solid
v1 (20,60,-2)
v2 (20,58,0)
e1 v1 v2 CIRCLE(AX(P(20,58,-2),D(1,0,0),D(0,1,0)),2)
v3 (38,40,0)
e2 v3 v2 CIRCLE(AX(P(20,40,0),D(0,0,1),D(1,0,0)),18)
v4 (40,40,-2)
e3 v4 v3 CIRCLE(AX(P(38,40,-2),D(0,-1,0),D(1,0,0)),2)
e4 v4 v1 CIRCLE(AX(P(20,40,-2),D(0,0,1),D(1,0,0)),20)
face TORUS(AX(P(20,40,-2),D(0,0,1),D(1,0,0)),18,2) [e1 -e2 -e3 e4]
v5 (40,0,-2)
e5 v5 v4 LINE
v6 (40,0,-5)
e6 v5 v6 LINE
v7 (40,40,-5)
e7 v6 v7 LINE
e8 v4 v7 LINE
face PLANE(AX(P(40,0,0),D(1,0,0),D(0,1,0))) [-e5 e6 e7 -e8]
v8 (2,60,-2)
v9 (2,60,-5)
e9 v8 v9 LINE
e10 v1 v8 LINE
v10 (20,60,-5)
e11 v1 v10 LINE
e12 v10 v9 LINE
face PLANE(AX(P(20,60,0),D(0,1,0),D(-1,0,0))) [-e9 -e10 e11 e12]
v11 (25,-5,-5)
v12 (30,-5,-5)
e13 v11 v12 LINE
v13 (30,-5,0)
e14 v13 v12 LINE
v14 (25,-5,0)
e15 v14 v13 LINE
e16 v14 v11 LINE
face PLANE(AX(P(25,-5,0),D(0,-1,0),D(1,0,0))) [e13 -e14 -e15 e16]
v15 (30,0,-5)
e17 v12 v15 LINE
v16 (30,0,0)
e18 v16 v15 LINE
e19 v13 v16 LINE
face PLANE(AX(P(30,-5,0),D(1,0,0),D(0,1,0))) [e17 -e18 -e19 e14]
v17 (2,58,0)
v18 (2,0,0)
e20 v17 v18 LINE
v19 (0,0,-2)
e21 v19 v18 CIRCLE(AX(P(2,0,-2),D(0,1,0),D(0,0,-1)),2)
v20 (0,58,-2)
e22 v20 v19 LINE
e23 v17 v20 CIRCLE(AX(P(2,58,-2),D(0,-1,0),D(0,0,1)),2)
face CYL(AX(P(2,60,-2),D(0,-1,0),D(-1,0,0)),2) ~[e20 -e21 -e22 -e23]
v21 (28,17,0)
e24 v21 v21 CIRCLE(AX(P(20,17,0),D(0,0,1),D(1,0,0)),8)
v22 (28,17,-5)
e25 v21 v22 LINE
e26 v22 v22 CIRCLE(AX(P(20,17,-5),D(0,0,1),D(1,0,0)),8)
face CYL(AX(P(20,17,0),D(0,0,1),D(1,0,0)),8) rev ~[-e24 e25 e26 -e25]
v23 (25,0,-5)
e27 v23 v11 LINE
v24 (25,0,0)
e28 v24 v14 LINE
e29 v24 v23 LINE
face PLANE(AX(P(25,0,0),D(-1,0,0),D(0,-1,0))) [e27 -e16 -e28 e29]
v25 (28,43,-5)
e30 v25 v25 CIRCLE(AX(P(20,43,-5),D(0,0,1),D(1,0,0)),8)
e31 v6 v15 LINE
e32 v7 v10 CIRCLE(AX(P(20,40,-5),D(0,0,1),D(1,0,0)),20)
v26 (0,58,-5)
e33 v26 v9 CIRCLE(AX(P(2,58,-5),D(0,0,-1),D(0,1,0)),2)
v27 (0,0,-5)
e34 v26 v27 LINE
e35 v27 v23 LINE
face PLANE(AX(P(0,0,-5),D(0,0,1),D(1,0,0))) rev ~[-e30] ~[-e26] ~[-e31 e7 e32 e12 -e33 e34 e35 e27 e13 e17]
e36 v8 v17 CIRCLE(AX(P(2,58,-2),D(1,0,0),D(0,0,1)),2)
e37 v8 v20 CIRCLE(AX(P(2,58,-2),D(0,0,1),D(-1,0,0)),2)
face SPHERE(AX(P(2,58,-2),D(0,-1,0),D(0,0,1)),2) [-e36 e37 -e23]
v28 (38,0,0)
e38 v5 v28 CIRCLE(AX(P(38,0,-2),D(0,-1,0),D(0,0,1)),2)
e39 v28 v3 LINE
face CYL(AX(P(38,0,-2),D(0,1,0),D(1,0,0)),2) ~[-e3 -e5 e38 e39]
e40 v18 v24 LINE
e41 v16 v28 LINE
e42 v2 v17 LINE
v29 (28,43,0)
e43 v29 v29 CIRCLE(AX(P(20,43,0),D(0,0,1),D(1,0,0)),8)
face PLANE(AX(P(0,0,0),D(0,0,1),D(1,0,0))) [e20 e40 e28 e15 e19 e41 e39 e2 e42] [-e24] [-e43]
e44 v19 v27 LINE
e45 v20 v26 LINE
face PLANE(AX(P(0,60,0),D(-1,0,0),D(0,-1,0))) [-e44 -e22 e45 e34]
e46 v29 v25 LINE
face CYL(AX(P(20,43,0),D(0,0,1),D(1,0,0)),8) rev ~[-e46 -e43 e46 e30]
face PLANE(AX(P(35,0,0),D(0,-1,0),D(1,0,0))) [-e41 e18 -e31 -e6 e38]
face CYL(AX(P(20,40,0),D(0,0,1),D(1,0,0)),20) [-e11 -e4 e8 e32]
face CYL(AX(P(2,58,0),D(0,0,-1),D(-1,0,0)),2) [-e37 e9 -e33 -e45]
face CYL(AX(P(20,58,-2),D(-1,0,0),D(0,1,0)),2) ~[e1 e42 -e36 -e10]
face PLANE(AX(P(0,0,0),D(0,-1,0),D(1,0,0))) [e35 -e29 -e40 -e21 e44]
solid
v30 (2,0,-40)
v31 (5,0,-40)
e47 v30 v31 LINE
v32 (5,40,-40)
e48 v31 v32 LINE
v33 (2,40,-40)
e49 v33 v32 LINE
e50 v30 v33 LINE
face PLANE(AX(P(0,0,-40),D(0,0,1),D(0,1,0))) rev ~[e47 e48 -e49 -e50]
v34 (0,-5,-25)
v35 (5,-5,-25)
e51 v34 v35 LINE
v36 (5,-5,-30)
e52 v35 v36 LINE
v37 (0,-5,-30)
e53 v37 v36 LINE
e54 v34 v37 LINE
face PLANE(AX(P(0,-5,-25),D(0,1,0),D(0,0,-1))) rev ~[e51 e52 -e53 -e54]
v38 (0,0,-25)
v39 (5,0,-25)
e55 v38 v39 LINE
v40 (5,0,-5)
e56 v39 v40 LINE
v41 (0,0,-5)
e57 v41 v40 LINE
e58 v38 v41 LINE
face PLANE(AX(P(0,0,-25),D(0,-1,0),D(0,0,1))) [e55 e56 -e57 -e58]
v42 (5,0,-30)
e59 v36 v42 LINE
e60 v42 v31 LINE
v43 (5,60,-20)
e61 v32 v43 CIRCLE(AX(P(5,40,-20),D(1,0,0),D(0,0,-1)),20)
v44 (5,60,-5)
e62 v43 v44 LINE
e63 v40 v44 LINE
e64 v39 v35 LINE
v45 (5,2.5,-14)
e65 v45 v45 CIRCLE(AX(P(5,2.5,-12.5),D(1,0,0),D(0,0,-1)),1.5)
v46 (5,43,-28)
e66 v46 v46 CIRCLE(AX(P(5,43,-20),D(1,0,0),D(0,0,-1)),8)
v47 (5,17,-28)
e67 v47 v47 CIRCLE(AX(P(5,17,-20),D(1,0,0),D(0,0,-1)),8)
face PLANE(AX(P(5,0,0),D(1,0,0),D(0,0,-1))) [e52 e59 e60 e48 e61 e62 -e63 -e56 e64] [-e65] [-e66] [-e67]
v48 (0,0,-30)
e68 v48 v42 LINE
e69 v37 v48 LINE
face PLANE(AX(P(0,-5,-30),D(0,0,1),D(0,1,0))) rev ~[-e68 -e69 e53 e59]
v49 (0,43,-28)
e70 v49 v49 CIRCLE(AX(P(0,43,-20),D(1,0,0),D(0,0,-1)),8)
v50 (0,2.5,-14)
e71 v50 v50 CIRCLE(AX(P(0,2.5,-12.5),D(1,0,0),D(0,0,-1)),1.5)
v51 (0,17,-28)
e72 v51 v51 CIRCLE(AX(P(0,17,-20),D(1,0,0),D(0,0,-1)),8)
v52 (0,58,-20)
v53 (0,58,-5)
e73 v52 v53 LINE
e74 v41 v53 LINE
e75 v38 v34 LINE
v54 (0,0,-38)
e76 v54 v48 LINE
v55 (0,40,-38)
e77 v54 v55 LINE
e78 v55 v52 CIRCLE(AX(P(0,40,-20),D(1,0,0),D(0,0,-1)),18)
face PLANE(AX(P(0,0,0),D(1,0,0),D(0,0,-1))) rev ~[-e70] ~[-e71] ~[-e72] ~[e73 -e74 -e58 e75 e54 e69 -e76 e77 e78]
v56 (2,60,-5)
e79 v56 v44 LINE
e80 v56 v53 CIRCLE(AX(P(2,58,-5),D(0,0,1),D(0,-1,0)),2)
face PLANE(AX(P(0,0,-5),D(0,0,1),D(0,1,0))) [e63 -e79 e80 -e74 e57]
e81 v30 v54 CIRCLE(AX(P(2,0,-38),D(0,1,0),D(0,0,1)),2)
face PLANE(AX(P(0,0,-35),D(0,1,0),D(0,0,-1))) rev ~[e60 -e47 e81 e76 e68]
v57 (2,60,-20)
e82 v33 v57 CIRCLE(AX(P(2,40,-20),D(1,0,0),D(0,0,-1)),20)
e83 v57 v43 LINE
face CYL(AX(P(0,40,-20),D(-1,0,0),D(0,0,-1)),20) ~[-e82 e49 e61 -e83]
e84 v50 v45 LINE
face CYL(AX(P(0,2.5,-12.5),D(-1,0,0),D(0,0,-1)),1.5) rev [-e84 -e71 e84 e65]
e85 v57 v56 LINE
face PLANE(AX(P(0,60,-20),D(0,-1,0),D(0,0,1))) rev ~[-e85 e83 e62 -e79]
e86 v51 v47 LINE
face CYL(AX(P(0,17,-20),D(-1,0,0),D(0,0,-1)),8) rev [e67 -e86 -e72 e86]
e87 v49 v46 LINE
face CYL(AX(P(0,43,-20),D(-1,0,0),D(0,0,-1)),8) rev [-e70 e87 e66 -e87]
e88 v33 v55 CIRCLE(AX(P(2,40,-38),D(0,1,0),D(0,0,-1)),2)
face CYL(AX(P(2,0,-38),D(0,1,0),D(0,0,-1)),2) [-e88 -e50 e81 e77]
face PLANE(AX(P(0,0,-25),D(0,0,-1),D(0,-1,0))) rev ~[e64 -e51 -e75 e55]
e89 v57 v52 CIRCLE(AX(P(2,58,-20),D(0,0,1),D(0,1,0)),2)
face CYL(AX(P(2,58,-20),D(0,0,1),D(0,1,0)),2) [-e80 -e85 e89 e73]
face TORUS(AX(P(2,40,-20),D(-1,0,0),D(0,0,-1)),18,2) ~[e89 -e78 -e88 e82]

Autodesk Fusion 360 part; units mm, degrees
sketch "Sketch5" plane through (0, 0, 0) normal (1, 0, 0) x (0, 0, -1)
  line L0 (25, 0) -> (25, -5)
  line L1 (25, -5) -> (30, -5)
  line L2 (30, -5) -> (30, 0)
  line L3 (30, 0) -> (35, 0)
  line L4 (35, 0) -> (40, 0)
  circle A0 centre (12.5, 2.5) radius 1.5
  circle A1 centre (20, 43) radius 8
  circle A2 centre (20, 17) radius 8
  line L5 (40, 0) -> (40, 40)
  line L6 (20, 60) -> (5, 60)
  arc A3 (40, 40) -> (20, 60) centre (20, 40) ccw
  line L7 (5, 0) -> (5, 60)
  line L8 (25, 0) -> (5, 0)
  dimension "d18" = 3
  dimension "d19" = 20
extrude "Extrude6" add sketch "Sketch5" along normal blind 5 makes body 1
sketch "Sketch6" plane through (0, 0, 0) normal (0, 0, 1) x (1, 0, 0)
  line L0 (25, -5) -> (30, -5)
  line L1 (0, 60) -> (0, 0)
  line L2 (30, 0) -> (35, 0)
  arc A0 (40, 40) -> (20, 60) centre (20, 40) ccw
  line L3 (20, 60) -> (0, 60)
  line L4 (35, 0) -> (40, 0)
  circle A1 centre (20, 43) radius 8
  line L5 (0, 0) -> (25, 0)
  line L6 (25, 0) -> (25, -5)
  line L7 (30, -5) -> (30, 0)
  circle A2 centre (20, 17) radius 8
  line L8 (40, 0) -> (40, 40)
  dimension "d21" = 20
extrude "Extrude5" add sketch "Sketch6" against normal blind 5 separate body makes body 2
fillet "Fillet1" radius 2 8 edges at (0, 30, 0) (40, 20, 0) (34.1421, 54.1421, 0) (10, 60, 0) (0, 60, -2.5) (0, 20, -40) (0, 54.1421, -34.1421) (0, 60, -12.5) on bodies 1 2
